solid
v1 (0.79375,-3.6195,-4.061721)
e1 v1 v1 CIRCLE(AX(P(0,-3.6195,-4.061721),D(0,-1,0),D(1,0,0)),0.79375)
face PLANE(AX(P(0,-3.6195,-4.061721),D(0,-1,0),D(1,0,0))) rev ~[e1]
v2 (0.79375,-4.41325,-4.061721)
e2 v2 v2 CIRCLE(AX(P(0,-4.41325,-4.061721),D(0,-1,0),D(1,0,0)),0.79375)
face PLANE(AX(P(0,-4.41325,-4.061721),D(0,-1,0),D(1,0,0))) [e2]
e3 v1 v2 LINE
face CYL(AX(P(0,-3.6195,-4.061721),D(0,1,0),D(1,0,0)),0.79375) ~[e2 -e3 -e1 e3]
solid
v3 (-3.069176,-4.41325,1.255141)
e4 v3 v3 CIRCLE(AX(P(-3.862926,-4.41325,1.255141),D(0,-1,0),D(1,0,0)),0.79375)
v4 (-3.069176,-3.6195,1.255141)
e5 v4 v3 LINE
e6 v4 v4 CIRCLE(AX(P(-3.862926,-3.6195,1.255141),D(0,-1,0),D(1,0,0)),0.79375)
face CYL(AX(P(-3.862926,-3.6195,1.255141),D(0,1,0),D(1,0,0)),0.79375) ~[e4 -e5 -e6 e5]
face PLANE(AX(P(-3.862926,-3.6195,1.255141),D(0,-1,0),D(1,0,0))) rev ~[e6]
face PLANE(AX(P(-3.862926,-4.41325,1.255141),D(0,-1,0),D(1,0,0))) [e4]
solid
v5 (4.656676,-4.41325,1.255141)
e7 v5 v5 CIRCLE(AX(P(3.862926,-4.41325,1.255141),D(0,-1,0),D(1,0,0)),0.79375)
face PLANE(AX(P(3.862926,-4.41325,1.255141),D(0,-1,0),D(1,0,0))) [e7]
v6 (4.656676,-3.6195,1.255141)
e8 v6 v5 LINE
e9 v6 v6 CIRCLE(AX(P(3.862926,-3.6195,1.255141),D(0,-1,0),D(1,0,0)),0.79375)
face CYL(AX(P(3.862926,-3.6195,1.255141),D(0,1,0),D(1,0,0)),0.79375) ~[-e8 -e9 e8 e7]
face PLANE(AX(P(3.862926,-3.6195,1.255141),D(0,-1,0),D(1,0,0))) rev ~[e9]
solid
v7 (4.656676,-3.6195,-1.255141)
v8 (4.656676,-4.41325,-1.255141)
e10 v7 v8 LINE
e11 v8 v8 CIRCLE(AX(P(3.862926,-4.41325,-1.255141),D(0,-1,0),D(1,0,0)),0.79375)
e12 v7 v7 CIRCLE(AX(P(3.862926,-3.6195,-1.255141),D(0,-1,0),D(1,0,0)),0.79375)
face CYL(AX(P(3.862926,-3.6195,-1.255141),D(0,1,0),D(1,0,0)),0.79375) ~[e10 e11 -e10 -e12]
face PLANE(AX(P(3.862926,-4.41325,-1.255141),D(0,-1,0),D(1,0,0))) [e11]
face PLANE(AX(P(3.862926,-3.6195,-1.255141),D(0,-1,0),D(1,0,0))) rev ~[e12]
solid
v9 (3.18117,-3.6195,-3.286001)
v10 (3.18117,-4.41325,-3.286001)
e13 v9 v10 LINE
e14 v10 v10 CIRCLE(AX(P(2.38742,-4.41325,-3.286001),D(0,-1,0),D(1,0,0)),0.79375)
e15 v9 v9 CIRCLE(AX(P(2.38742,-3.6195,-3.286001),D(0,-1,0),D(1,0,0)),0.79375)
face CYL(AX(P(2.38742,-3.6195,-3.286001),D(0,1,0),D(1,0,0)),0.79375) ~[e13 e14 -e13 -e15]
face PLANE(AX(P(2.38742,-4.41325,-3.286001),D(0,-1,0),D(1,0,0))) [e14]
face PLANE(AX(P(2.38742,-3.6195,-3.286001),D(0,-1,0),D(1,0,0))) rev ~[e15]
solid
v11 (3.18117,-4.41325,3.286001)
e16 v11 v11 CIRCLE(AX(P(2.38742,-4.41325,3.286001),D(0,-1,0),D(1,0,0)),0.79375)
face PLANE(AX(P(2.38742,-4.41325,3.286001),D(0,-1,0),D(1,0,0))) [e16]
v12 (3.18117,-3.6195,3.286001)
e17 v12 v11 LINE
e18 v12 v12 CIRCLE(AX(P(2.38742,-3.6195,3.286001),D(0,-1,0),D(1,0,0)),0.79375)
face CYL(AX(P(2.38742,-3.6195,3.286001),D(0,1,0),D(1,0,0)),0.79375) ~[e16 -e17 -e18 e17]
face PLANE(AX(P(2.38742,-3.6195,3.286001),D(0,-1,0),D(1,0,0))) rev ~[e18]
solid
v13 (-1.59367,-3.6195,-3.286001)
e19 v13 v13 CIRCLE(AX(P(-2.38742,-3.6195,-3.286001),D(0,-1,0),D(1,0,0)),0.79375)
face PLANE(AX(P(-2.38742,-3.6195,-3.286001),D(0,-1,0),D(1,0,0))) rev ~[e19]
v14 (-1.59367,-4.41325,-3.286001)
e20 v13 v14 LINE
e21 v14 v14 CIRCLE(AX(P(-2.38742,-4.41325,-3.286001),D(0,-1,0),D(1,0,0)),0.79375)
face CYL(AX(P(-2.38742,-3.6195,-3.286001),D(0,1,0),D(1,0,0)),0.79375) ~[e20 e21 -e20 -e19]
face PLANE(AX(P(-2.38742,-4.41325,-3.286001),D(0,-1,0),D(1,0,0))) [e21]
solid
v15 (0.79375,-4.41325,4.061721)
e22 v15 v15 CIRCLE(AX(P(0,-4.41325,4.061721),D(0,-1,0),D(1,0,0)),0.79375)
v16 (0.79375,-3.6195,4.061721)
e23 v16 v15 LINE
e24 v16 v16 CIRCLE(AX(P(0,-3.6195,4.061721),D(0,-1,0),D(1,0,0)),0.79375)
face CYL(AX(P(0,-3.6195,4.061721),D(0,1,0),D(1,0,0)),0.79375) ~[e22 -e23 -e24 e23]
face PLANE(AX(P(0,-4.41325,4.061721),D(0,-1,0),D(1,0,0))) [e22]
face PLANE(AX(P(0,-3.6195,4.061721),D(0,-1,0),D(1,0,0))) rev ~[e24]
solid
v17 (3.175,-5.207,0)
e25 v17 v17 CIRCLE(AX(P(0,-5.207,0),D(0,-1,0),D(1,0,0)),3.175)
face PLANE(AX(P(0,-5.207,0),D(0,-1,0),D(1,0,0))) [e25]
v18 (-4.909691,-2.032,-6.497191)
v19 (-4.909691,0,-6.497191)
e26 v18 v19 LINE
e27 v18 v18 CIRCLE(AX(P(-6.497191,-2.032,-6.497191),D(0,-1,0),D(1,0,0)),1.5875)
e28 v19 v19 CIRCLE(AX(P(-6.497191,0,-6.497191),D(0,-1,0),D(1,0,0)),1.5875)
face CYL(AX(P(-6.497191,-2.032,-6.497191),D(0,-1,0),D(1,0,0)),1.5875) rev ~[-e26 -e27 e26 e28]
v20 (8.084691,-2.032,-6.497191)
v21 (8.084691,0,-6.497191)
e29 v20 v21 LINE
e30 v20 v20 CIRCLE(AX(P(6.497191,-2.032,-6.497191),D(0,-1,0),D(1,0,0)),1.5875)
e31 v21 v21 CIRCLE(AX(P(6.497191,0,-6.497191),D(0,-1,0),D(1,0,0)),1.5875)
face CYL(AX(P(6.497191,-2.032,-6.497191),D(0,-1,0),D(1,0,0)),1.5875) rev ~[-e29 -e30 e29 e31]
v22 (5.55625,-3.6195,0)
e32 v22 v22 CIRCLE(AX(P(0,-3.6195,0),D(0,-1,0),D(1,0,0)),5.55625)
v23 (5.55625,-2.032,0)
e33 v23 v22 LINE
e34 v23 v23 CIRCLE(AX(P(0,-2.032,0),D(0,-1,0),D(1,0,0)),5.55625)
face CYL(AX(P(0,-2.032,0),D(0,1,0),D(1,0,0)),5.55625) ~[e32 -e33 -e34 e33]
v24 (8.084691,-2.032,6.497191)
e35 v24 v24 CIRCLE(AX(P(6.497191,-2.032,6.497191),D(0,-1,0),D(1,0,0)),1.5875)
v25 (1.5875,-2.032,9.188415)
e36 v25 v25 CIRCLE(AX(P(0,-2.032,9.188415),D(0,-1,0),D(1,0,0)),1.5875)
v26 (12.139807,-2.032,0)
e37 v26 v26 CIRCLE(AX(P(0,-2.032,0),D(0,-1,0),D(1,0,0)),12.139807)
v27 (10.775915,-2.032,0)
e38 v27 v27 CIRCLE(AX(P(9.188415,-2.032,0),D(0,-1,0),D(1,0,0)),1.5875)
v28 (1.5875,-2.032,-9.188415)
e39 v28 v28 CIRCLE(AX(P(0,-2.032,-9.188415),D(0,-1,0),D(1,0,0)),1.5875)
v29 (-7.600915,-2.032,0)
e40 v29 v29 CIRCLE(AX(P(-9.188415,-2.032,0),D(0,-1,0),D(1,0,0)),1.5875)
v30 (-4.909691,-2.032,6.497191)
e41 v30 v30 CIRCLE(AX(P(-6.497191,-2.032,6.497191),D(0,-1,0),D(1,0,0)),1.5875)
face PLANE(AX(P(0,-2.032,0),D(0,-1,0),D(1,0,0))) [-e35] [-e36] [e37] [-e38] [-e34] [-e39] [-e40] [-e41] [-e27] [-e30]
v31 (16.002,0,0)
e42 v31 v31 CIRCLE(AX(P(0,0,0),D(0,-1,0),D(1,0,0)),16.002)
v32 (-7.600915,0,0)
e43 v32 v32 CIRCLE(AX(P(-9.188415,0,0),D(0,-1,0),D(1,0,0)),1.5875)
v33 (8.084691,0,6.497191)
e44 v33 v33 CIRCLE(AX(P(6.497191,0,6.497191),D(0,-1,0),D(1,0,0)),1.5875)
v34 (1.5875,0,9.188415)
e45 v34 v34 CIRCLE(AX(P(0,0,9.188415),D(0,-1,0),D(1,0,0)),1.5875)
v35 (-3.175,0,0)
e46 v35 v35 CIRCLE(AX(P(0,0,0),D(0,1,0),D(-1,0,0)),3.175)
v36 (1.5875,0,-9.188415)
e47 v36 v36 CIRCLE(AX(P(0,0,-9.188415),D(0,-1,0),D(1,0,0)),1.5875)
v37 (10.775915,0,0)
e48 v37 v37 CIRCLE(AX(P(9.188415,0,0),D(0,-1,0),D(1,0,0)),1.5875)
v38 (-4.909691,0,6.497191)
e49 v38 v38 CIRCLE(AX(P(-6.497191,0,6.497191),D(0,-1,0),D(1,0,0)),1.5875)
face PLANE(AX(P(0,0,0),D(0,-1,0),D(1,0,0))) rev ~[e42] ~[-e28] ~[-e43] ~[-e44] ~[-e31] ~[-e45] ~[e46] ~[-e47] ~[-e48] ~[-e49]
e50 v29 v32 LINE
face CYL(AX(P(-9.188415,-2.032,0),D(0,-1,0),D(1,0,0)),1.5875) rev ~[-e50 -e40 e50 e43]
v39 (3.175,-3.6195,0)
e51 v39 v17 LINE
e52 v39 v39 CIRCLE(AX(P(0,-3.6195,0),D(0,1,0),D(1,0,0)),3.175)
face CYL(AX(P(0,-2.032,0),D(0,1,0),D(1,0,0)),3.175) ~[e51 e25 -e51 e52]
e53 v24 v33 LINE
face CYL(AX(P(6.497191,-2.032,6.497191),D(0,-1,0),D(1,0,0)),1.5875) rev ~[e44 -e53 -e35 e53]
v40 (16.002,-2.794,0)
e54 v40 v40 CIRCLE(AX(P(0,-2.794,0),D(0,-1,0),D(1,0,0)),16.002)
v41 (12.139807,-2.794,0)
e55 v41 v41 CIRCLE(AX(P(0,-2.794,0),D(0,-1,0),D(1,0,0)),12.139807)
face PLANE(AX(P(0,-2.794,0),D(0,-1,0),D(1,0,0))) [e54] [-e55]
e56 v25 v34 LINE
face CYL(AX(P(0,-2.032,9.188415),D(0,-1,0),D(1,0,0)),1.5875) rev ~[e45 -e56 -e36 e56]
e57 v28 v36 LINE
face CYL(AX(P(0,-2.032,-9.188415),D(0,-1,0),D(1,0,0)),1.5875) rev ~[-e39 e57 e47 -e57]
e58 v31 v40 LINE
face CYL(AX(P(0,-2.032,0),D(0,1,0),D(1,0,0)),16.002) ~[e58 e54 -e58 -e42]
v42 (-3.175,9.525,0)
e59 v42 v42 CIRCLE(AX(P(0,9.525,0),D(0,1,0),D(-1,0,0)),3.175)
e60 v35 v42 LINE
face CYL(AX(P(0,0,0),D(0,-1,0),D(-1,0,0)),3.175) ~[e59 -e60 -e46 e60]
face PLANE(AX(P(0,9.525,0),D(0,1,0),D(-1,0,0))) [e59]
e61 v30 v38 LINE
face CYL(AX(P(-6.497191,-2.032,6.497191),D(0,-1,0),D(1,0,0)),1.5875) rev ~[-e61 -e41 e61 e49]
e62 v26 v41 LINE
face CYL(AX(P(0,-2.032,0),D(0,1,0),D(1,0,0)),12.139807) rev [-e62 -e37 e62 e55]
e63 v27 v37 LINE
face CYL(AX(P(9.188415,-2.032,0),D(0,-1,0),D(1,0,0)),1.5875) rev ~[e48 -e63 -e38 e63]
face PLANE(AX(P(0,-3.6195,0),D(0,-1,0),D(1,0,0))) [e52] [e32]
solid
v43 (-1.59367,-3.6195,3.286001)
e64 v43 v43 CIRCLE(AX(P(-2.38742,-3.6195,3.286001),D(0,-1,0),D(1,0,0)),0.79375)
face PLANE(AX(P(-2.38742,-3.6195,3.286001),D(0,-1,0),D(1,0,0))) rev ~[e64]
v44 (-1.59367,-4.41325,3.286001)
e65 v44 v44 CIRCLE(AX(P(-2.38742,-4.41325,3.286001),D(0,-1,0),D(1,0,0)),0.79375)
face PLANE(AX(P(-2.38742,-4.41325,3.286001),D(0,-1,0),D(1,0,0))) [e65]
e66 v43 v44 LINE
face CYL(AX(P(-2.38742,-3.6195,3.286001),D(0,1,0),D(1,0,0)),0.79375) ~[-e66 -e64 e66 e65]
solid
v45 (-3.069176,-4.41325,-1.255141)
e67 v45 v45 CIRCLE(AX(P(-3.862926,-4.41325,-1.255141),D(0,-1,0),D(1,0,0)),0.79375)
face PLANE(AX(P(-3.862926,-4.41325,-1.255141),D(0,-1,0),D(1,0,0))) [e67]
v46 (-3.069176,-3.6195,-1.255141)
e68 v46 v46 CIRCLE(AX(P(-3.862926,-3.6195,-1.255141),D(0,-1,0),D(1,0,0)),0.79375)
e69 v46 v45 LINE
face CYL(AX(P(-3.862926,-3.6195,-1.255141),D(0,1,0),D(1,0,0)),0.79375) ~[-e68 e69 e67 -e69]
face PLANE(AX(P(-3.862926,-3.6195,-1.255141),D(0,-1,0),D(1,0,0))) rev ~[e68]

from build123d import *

# Parameters (mm, degrees)
F0_R      = 16.002
F1_DEPTH  = 2.032
F2_R      = 1.5875
F3_DEPTH  = 20.32
F5_R      = 3.175
F6_DEPTH  = 3.175
F4_R      = 5.55625
F7_DEPTH  = 1.5875
F8_R      = 0.79375
F9_DEPTH  = 0.79375
F10_R     = 3.175
F11_DEPTH = 9.525
F12_R     = 16.002
F12_R_2   = 12.139806815
F13_DEPTH = 0.762


with BuildPart() as f1:
    # F0 (on Front) → F1 (new body)
    with BuildSketch(Plane.XZ):
        Circle(F0_R)
    extrude(amount=F1_DEPTH)

    # F2 (on face) → F3 (cut)
    with BuildSketch(Plane.XZ.offset(2.032)):
        with Locations((0, 9.1884150909)):
            Circle(F2_R)
        with Locations((6.4971906191, 6.4971906191)):
            Circle(F2_R)
        with Locations((9.1884150909, 0)):
            Circle(F2_R)
        with Locations((6.4971906191, -6.4971906191)):
            Circle(F2_R)
        with Locations((0, -9.1884150909)):
            Circle(F2_R)
        with Locations((-6.4971906191, -6.4971906191)):
            Circle(F2_R)
        with Locations((-9.1884150909, 0)):
            Circle(F2_R)
        with Locations((-6.4971906191, 6.4971906191)):
            Circle(F2_R)
    extrude(amount=-F3_DEPTH, mode=Mode.SUBTRACT)

    # F5 (on face) → F6 (join)
    with BuildSketch(Plane.XZ.offset(2.032)):
        Circle(F5_R)
    extrude(amount=F6_DEPTH)

    # F4 (on face) → F7 (join)
    with BuildSketch(Plane.XZ.offset(2.032)):
        Circle(F4_R)
    extrude(amount=F7_DEPTH)

    # F10 (on face) → F11 (join)
    with BuildSketch(Plane(origin=(0, 0, 0), x_dir=(-1, 0, 0), z_dir=(0, 1, 0))):
        Circle(F10_R)
    extrude(amount=F11_DEPTH)

    # F12 (on face) → F13 (join)
    with BuildSketch(Plane.XZ.offset(2.032)):
        Circle(F12_R)
        Circle(F12_R_2, mode=Mode.SUBTRACT)
    extrude(amount=F13_DEPTH)


with BuildPart() as f9:
    # F8 (on face) → F9 (new body)
    with BuildSketch(Plane.XZ.offset(3.6195)):
        with Locations((0, 4.0617209223)):
            Circle(F8_R)
    extrude(amount=F9_DEPTH)


with BuildPart() as f9b:
    # F8 (on face) → F9, piece 2 (new body)
    with BuildSketch(Plane.XZ.offset(3.6195)):
        with Locations((2.387419657, 3.2860012525)):
            Circle(F8_R)
    extrude(amount=F9_DEPTH)


with BuildPart() as f9c:
    # F8 (on face) → F9, piece 3 (new body)
    with BuildSketch(Plane.XZ.offset(3.6195)):
        with Locations((3.8629261505, 1.2551407914)):
            Circle(F8_R)
    extrude(amount=F9_DEPTH)


with BuildPart() as f9d:
    # F8 (on face) → F9, piece 4 (new body)
    with BuildSketch(Plane.XZ.offset(3.6195)):
        with Locations((3.8629261505, -1.2551407914)):
            Circle(F8_R)
    extrude(amount=F9_DEPTH)


with BuildPart() as f9e:
    # F8 (on face) → F9, piece 5 (new body)
    with BuildSketch(Plane.XZ.offset(3.6195)):
        with Locations((2.387419657, -3.2860012525)):
            Circle(F8_R)
    extrude(amount=F9_DEPTH)


with BuildPart() as f9f:
    # F8 (on face) → F9, piece 6 (new body)
    with BuildSketch(Plane.XZ.offset(3.6195)):
        with Locations((0, -4.0617209223)):
            Circle(F8_R)
    extrude(amount=F9_DEPTH)


with BuildPart() as f9g:
    # F8 (on face) → F9, piece 7 (new body)
    with BuildSketch(Plane.XZ.offset(3.6195)):
        with Locations((-2.387419657, -3.2860012525)):
            Circle(F8_R)
    extrude(amount=F9_DEPTH)


with BuildPart() as f9h:
    # F8 (on face) → F9, piece 8 (new body)
    with BuildSketch(Plane.XZ.offset(3.6195)):
        with Locations((-3.8629261505, -1.2551407914)):
            Circle(F8_R)
    extrude(amount=F9_DEPTH)


with BuildPart() as f9i:
    # F8 (on face) → F9, piece 9 (new body)
    with BuildSketch(Plane.XZ.offset(3.6195)):
        with Locations((-3.8629261505, 1.2551407914)):
            Circle(F8_R)
    extrude(amount=F9_DEPTH)


with BuildPart() as f9j:
    # F8 (on face) → F9, piece 10 (new body)
    with BuildSketch(Plane.XZ.offset(3.6195)):
        with Locations((-2.387419657, 3.2860012525)):
            Circle(F8_R)
    extrude(amount=F9_DEPTH)


solid = Compound([f1.part, f9.part, f9b.part, f9c.part, f9d.part, f9e.part, f9f.part, f9g.part, f9h.part, f9i.part, f9j.part])
